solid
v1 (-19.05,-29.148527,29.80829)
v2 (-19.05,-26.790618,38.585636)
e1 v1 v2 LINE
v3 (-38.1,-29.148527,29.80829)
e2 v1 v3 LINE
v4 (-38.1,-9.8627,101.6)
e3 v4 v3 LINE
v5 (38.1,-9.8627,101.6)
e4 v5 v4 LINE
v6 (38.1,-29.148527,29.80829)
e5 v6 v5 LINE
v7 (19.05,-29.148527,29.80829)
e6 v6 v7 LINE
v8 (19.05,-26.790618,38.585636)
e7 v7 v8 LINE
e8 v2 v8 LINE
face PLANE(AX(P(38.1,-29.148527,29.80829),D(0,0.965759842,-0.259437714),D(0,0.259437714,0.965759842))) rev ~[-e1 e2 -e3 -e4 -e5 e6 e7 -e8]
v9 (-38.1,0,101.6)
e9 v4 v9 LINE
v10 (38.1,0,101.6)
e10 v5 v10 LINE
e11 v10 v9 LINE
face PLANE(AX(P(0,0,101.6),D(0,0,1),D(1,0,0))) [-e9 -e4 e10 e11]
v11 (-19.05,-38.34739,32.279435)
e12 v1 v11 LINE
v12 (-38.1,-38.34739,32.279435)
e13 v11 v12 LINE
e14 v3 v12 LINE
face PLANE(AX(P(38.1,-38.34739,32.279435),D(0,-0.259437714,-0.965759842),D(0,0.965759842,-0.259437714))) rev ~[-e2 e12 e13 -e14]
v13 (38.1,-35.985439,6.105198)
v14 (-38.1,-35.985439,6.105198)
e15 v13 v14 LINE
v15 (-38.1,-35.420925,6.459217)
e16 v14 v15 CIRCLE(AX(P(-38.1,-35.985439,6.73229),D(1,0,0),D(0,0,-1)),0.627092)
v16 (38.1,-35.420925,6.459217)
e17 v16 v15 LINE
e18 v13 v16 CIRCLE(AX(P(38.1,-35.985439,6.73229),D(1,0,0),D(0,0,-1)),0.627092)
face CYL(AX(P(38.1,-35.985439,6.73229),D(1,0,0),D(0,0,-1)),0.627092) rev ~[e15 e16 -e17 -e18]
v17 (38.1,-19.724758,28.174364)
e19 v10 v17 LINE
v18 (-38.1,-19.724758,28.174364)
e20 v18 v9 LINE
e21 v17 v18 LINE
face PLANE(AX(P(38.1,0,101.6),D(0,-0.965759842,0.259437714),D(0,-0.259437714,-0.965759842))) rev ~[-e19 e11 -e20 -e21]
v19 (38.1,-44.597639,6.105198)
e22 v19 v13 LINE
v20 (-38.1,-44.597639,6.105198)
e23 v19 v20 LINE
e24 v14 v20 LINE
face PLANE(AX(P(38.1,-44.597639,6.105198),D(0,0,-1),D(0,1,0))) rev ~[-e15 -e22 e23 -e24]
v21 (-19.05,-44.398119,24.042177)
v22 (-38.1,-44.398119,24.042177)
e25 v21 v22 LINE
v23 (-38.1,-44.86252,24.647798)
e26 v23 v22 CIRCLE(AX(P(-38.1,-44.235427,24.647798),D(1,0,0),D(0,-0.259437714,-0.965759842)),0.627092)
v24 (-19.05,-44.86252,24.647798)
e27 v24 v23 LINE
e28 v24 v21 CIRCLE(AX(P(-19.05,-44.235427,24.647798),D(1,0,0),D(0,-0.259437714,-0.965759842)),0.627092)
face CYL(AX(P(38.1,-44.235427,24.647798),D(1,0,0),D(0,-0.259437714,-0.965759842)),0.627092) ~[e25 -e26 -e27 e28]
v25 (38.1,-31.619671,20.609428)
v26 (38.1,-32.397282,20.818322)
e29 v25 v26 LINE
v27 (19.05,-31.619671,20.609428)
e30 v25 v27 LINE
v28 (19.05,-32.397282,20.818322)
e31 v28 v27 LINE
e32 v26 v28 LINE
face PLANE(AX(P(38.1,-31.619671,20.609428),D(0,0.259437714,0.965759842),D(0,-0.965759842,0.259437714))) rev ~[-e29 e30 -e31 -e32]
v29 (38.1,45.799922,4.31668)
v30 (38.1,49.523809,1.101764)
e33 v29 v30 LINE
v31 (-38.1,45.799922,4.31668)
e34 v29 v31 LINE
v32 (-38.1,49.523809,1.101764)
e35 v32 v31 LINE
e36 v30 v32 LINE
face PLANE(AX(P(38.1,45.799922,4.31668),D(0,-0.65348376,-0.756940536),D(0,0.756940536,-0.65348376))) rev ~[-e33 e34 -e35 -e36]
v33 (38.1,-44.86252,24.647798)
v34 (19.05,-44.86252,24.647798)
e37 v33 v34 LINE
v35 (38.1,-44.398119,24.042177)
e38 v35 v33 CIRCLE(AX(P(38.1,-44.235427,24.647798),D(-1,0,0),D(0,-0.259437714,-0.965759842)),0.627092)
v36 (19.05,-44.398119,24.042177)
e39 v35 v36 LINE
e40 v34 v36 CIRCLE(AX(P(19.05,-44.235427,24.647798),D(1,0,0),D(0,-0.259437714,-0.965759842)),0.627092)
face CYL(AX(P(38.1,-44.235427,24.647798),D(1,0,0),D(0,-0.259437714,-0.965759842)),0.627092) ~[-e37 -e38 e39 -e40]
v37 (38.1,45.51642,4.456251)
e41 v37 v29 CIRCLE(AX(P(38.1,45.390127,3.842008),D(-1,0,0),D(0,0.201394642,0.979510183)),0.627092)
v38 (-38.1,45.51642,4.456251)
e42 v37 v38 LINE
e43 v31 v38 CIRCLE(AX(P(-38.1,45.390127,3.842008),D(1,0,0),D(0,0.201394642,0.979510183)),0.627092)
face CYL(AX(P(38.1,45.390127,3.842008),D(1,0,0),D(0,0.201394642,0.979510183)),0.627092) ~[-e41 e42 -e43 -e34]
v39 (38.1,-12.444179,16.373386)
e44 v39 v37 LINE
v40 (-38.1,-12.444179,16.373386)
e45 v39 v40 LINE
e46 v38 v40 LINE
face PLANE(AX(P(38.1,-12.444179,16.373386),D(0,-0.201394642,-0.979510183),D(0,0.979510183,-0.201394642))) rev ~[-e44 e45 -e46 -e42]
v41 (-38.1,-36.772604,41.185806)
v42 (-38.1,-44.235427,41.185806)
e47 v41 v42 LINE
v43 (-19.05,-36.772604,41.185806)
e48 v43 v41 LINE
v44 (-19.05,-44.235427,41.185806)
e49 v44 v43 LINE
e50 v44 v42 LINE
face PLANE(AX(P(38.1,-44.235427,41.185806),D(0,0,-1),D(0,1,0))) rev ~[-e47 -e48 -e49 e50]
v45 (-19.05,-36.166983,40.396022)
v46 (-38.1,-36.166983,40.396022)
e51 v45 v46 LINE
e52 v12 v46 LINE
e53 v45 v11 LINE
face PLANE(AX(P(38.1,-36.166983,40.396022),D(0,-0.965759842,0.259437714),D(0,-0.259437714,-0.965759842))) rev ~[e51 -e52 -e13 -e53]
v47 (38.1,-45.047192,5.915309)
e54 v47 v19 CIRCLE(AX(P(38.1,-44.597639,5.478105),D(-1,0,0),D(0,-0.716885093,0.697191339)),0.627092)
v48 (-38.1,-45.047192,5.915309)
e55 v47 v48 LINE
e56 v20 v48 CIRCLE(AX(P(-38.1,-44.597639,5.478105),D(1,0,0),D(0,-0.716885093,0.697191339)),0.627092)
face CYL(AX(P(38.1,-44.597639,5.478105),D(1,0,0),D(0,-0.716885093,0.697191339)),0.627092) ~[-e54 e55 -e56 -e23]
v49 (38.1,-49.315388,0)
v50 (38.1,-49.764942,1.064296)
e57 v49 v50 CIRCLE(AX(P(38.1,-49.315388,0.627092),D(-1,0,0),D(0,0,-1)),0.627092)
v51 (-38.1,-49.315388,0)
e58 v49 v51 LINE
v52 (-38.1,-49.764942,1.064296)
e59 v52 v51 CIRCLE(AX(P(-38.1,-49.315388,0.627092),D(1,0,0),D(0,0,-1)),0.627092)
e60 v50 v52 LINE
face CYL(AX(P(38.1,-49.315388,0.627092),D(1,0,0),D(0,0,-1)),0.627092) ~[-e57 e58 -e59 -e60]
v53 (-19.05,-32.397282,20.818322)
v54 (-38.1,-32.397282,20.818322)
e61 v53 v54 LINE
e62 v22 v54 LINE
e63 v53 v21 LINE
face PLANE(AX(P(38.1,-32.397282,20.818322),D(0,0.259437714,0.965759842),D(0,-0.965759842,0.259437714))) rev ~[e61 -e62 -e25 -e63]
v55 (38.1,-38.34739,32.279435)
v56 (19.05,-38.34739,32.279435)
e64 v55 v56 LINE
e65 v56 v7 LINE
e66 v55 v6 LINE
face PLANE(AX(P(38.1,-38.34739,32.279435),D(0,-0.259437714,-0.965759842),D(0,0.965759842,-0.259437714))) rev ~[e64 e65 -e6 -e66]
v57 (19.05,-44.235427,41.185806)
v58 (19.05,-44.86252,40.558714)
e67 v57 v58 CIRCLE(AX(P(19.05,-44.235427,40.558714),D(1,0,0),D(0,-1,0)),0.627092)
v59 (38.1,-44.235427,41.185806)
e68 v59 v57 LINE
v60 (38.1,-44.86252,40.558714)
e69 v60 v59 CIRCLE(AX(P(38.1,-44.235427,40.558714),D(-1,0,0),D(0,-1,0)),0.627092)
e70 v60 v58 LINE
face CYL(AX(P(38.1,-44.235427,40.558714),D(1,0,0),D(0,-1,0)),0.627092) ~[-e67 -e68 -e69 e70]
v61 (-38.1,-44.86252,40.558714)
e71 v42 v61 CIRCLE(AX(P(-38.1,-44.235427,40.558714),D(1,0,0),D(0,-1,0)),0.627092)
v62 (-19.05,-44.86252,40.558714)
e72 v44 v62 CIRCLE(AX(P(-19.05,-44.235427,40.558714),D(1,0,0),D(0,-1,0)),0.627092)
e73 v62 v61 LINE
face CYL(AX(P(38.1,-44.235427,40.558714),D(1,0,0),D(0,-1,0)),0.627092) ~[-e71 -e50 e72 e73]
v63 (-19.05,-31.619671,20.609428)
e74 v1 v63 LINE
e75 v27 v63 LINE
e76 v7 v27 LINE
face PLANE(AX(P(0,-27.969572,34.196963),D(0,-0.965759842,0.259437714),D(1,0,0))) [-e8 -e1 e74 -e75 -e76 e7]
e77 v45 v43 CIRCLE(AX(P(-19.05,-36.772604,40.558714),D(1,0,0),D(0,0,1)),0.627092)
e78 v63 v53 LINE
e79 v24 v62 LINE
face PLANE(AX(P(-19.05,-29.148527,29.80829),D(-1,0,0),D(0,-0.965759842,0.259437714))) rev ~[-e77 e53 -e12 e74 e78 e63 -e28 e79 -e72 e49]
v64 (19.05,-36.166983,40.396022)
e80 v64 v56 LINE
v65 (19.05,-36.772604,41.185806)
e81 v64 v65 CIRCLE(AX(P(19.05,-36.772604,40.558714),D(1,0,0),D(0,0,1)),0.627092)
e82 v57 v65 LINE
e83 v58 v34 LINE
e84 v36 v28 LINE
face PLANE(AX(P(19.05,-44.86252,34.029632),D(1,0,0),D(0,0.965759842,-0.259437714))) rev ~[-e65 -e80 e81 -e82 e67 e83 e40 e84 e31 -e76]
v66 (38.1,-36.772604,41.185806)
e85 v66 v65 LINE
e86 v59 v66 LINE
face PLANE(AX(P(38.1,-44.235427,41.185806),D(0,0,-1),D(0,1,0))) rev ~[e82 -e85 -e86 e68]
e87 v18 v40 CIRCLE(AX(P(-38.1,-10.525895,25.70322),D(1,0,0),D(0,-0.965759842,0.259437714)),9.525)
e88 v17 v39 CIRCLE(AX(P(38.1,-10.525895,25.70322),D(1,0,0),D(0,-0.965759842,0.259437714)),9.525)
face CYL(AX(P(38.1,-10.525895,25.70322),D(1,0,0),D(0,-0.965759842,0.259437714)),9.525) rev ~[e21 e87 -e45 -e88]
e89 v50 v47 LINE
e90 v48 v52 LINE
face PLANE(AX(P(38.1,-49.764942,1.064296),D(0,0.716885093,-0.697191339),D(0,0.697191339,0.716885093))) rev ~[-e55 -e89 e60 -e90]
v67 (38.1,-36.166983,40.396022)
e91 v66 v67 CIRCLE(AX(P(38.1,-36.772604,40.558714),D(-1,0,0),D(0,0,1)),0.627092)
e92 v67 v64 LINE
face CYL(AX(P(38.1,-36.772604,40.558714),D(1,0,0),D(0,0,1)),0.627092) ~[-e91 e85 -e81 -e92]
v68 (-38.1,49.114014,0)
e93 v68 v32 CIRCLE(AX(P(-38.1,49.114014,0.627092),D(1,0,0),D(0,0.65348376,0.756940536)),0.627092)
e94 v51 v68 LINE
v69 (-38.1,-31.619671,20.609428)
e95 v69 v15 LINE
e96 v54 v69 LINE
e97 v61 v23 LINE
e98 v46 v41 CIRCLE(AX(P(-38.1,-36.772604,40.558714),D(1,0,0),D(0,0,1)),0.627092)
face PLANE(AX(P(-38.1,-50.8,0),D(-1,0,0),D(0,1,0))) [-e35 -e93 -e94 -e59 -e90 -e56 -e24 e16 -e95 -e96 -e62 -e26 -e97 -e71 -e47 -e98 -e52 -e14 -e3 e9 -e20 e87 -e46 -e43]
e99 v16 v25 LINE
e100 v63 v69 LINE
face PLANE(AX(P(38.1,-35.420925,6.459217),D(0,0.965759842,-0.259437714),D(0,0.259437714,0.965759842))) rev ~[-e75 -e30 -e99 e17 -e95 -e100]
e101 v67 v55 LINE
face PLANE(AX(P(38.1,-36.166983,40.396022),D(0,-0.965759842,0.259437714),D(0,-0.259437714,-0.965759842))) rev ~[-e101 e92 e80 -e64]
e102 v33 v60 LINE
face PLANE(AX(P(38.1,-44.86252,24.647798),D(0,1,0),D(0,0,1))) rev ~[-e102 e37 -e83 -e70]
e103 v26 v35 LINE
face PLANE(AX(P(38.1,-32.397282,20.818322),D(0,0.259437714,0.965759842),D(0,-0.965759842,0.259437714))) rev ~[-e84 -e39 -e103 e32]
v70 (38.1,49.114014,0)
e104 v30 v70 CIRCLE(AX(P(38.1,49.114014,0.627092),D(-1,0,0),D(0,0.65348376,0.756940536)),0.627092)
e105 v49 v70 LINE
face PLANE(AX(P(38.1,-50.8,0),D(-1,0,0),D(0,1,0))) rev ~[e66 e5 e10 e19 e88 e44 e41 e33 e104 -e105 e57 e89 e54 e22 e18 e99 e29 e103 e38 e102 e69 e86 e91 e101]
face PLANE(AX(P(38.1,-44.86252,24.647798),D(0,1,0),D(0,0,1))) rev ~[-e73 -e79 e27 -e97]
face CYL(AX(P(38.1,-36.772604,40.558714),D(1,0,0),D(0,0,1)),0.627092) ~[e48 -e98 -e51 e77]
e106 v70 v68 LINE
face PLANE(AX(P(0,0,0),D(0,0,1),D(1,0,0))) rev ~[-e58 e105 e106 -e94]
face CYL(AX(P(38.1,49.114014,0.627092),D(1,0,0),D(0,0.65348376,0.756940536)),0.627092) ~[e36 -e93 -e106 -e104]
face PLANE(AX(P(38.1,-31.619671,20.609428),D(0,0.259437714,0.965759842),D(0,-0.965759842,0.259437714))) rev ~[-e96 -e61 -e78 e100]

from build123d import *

# Parameters (mm, degrees)
F0_W     = 76.2
F0_H     = 101.6
F1_DEPTH = 101.6
F3_DEPTH = 76.201
F4_W     = 38.1
F4_H     = 9.0885387092
F5_DEPTH = 25.4
F7_DEPTH = 19.05


with BuildPart() as f1:
    # F0 (on Top) → F1 (new body)
    with BuildSketch(Plane.XY):
        Rectangle(F0_W, F0_H)
    extrude(amount=F1_DEPTH)

    # F2 (on face) → F3 (cut, through all)
    with BuildSketch(Plane.YZ.offset(38.1)):
        with BuildLine():
            Line((50.8, 101.6), (0, 101.6))
            Line((0, 101.6), (-19.7247579018, 28.1743642605))
            ThreePointArc((-19.7247579018, 28.1743642605), (-18.6322824559, 20.7020087833), (-12.4441793676, 16.3733855441))
            Line((-12.4441793676, 16.3733855441), (45.5164201772, 4.4562514699))
            ThreePointArc((45.5164201772, 4.4562514699), (45.6671065402, 4.4046156558), (45.799921858, 4.316679721))
            Line((45.799921858, 4.316679721), (49.5238091926, 1.1017641769))
            ThreePointArc((49.5238091926, 1.1017641769), (49.7017678057, 0.4084810434), (49.114014449, 0))
            Line((49.114014449, 0), (50.8, 0))
            Line((50.8, 0), (50.8, 101.6))
        make_face()
        with BuildLine():
            Line((-29.1485272072, 29.8082903279), (-9.8627004197, 101.6))
            Line((-9.8627004197, 101.6), (-50.8, 101.6))
            Line((-50.8, 101.6), (-50.8, 0))
            Line((-50.8, 0), (-49.3153884285, 0))
            ThreePointArc((-49.3153884285, 0), (-49.8930613229, 0.38308634), (-49.7649416709, 1.0642959051))
            Line((-49.7649416709, 1.0642959051), (-45.0471924847, 5.9153086442))
            ThreePointArc((-45.0471924847, 5.9153086442), (-44.8416453701, 6.0557781013), (-44.5976392423, 6.1051976748))
            Line((-44.5976392423, 6.1051976748), (-35.9854393765, 6.1051976748))
            ThreePointArc((-35.9854393765, 6.1051976748), (-35.6522704088, 6.2010242938), (-35.4209251987, 6.4592174303))
            Line((-35.4209251987, 6.4592174303), (-31.6196714319, 20.6094278319))
            Line((-31.6196714319, 20.6094278319), (-32.3972816474, 20.8183218113))
            Line((-32.3972816474, 20.8183218113), (-44.3981189181, 24.042176905))
            ThreePointArc((-44.3981189181, 24.042176905), (-44.7330556249, 24.2662072787), (-44.8625199497, 24.6477976277))
            Line((-44.8625199497, 24.6477976277), (-44.8625199497, 40.5587139142))
            ThreePointArc((-44.8625199497, 40.5587139142), (-44.6788488183, 41.0021352507), (-44.2354274818, 41.1858063821))
            Line((-44.2354274818, 41.1858063821), (-36.772603948, 41.1858063821))
            ThreePointArc((-36.772603948, 41.1858063821), (-36.2749758049, 40.9403042633), (-36.1669832252, 40.396022478))
            Line((-36.1669832252, 40.396022478), (-38.3473897032, 32.2794345527))
            Line((-38.3473897032, 32.2794345527), (-29.1485272072, 29.8082903279))
        make_face()
    extrude(amount=-F3_DEPTH, mode=Mode.SUBTRACT)

    # F4 (on face) → F5 (cut)
    with BuildSketch(Plane(origin=(0, -34.6552022965, 9.3096296471), x_dir=(1, 0, 0), z_dir=(0, -0.9657598421, 0.2594377139))):
        with Locations((0, 25.7696918533)):
            Rectangle(F4_W, F4_H)
    extrude(amount=F5_DEPTH, mode=Mode.SUBTRACT)

    # F6 (on face) → F7 (cut)
    with BuildSketch(Plane(origin=(0, 5.5066750893, 20.4986606809), x_dir=(1, 0, 0), z_dir=(0, 0.2594377139, 0.9657598421))):
        Polygon((-19.05, -45.4088717305), (-19.05, -52.1549901364), (19.05, -52.1549901364), (19.05, -45.4088717305), (19.05, -35.8838717305), (-19.05, -35.8838717305), align=None)
    extrude(amount=-F7_DEPTH, mode=Mode.SUBTRACT)


solid = f1.part
